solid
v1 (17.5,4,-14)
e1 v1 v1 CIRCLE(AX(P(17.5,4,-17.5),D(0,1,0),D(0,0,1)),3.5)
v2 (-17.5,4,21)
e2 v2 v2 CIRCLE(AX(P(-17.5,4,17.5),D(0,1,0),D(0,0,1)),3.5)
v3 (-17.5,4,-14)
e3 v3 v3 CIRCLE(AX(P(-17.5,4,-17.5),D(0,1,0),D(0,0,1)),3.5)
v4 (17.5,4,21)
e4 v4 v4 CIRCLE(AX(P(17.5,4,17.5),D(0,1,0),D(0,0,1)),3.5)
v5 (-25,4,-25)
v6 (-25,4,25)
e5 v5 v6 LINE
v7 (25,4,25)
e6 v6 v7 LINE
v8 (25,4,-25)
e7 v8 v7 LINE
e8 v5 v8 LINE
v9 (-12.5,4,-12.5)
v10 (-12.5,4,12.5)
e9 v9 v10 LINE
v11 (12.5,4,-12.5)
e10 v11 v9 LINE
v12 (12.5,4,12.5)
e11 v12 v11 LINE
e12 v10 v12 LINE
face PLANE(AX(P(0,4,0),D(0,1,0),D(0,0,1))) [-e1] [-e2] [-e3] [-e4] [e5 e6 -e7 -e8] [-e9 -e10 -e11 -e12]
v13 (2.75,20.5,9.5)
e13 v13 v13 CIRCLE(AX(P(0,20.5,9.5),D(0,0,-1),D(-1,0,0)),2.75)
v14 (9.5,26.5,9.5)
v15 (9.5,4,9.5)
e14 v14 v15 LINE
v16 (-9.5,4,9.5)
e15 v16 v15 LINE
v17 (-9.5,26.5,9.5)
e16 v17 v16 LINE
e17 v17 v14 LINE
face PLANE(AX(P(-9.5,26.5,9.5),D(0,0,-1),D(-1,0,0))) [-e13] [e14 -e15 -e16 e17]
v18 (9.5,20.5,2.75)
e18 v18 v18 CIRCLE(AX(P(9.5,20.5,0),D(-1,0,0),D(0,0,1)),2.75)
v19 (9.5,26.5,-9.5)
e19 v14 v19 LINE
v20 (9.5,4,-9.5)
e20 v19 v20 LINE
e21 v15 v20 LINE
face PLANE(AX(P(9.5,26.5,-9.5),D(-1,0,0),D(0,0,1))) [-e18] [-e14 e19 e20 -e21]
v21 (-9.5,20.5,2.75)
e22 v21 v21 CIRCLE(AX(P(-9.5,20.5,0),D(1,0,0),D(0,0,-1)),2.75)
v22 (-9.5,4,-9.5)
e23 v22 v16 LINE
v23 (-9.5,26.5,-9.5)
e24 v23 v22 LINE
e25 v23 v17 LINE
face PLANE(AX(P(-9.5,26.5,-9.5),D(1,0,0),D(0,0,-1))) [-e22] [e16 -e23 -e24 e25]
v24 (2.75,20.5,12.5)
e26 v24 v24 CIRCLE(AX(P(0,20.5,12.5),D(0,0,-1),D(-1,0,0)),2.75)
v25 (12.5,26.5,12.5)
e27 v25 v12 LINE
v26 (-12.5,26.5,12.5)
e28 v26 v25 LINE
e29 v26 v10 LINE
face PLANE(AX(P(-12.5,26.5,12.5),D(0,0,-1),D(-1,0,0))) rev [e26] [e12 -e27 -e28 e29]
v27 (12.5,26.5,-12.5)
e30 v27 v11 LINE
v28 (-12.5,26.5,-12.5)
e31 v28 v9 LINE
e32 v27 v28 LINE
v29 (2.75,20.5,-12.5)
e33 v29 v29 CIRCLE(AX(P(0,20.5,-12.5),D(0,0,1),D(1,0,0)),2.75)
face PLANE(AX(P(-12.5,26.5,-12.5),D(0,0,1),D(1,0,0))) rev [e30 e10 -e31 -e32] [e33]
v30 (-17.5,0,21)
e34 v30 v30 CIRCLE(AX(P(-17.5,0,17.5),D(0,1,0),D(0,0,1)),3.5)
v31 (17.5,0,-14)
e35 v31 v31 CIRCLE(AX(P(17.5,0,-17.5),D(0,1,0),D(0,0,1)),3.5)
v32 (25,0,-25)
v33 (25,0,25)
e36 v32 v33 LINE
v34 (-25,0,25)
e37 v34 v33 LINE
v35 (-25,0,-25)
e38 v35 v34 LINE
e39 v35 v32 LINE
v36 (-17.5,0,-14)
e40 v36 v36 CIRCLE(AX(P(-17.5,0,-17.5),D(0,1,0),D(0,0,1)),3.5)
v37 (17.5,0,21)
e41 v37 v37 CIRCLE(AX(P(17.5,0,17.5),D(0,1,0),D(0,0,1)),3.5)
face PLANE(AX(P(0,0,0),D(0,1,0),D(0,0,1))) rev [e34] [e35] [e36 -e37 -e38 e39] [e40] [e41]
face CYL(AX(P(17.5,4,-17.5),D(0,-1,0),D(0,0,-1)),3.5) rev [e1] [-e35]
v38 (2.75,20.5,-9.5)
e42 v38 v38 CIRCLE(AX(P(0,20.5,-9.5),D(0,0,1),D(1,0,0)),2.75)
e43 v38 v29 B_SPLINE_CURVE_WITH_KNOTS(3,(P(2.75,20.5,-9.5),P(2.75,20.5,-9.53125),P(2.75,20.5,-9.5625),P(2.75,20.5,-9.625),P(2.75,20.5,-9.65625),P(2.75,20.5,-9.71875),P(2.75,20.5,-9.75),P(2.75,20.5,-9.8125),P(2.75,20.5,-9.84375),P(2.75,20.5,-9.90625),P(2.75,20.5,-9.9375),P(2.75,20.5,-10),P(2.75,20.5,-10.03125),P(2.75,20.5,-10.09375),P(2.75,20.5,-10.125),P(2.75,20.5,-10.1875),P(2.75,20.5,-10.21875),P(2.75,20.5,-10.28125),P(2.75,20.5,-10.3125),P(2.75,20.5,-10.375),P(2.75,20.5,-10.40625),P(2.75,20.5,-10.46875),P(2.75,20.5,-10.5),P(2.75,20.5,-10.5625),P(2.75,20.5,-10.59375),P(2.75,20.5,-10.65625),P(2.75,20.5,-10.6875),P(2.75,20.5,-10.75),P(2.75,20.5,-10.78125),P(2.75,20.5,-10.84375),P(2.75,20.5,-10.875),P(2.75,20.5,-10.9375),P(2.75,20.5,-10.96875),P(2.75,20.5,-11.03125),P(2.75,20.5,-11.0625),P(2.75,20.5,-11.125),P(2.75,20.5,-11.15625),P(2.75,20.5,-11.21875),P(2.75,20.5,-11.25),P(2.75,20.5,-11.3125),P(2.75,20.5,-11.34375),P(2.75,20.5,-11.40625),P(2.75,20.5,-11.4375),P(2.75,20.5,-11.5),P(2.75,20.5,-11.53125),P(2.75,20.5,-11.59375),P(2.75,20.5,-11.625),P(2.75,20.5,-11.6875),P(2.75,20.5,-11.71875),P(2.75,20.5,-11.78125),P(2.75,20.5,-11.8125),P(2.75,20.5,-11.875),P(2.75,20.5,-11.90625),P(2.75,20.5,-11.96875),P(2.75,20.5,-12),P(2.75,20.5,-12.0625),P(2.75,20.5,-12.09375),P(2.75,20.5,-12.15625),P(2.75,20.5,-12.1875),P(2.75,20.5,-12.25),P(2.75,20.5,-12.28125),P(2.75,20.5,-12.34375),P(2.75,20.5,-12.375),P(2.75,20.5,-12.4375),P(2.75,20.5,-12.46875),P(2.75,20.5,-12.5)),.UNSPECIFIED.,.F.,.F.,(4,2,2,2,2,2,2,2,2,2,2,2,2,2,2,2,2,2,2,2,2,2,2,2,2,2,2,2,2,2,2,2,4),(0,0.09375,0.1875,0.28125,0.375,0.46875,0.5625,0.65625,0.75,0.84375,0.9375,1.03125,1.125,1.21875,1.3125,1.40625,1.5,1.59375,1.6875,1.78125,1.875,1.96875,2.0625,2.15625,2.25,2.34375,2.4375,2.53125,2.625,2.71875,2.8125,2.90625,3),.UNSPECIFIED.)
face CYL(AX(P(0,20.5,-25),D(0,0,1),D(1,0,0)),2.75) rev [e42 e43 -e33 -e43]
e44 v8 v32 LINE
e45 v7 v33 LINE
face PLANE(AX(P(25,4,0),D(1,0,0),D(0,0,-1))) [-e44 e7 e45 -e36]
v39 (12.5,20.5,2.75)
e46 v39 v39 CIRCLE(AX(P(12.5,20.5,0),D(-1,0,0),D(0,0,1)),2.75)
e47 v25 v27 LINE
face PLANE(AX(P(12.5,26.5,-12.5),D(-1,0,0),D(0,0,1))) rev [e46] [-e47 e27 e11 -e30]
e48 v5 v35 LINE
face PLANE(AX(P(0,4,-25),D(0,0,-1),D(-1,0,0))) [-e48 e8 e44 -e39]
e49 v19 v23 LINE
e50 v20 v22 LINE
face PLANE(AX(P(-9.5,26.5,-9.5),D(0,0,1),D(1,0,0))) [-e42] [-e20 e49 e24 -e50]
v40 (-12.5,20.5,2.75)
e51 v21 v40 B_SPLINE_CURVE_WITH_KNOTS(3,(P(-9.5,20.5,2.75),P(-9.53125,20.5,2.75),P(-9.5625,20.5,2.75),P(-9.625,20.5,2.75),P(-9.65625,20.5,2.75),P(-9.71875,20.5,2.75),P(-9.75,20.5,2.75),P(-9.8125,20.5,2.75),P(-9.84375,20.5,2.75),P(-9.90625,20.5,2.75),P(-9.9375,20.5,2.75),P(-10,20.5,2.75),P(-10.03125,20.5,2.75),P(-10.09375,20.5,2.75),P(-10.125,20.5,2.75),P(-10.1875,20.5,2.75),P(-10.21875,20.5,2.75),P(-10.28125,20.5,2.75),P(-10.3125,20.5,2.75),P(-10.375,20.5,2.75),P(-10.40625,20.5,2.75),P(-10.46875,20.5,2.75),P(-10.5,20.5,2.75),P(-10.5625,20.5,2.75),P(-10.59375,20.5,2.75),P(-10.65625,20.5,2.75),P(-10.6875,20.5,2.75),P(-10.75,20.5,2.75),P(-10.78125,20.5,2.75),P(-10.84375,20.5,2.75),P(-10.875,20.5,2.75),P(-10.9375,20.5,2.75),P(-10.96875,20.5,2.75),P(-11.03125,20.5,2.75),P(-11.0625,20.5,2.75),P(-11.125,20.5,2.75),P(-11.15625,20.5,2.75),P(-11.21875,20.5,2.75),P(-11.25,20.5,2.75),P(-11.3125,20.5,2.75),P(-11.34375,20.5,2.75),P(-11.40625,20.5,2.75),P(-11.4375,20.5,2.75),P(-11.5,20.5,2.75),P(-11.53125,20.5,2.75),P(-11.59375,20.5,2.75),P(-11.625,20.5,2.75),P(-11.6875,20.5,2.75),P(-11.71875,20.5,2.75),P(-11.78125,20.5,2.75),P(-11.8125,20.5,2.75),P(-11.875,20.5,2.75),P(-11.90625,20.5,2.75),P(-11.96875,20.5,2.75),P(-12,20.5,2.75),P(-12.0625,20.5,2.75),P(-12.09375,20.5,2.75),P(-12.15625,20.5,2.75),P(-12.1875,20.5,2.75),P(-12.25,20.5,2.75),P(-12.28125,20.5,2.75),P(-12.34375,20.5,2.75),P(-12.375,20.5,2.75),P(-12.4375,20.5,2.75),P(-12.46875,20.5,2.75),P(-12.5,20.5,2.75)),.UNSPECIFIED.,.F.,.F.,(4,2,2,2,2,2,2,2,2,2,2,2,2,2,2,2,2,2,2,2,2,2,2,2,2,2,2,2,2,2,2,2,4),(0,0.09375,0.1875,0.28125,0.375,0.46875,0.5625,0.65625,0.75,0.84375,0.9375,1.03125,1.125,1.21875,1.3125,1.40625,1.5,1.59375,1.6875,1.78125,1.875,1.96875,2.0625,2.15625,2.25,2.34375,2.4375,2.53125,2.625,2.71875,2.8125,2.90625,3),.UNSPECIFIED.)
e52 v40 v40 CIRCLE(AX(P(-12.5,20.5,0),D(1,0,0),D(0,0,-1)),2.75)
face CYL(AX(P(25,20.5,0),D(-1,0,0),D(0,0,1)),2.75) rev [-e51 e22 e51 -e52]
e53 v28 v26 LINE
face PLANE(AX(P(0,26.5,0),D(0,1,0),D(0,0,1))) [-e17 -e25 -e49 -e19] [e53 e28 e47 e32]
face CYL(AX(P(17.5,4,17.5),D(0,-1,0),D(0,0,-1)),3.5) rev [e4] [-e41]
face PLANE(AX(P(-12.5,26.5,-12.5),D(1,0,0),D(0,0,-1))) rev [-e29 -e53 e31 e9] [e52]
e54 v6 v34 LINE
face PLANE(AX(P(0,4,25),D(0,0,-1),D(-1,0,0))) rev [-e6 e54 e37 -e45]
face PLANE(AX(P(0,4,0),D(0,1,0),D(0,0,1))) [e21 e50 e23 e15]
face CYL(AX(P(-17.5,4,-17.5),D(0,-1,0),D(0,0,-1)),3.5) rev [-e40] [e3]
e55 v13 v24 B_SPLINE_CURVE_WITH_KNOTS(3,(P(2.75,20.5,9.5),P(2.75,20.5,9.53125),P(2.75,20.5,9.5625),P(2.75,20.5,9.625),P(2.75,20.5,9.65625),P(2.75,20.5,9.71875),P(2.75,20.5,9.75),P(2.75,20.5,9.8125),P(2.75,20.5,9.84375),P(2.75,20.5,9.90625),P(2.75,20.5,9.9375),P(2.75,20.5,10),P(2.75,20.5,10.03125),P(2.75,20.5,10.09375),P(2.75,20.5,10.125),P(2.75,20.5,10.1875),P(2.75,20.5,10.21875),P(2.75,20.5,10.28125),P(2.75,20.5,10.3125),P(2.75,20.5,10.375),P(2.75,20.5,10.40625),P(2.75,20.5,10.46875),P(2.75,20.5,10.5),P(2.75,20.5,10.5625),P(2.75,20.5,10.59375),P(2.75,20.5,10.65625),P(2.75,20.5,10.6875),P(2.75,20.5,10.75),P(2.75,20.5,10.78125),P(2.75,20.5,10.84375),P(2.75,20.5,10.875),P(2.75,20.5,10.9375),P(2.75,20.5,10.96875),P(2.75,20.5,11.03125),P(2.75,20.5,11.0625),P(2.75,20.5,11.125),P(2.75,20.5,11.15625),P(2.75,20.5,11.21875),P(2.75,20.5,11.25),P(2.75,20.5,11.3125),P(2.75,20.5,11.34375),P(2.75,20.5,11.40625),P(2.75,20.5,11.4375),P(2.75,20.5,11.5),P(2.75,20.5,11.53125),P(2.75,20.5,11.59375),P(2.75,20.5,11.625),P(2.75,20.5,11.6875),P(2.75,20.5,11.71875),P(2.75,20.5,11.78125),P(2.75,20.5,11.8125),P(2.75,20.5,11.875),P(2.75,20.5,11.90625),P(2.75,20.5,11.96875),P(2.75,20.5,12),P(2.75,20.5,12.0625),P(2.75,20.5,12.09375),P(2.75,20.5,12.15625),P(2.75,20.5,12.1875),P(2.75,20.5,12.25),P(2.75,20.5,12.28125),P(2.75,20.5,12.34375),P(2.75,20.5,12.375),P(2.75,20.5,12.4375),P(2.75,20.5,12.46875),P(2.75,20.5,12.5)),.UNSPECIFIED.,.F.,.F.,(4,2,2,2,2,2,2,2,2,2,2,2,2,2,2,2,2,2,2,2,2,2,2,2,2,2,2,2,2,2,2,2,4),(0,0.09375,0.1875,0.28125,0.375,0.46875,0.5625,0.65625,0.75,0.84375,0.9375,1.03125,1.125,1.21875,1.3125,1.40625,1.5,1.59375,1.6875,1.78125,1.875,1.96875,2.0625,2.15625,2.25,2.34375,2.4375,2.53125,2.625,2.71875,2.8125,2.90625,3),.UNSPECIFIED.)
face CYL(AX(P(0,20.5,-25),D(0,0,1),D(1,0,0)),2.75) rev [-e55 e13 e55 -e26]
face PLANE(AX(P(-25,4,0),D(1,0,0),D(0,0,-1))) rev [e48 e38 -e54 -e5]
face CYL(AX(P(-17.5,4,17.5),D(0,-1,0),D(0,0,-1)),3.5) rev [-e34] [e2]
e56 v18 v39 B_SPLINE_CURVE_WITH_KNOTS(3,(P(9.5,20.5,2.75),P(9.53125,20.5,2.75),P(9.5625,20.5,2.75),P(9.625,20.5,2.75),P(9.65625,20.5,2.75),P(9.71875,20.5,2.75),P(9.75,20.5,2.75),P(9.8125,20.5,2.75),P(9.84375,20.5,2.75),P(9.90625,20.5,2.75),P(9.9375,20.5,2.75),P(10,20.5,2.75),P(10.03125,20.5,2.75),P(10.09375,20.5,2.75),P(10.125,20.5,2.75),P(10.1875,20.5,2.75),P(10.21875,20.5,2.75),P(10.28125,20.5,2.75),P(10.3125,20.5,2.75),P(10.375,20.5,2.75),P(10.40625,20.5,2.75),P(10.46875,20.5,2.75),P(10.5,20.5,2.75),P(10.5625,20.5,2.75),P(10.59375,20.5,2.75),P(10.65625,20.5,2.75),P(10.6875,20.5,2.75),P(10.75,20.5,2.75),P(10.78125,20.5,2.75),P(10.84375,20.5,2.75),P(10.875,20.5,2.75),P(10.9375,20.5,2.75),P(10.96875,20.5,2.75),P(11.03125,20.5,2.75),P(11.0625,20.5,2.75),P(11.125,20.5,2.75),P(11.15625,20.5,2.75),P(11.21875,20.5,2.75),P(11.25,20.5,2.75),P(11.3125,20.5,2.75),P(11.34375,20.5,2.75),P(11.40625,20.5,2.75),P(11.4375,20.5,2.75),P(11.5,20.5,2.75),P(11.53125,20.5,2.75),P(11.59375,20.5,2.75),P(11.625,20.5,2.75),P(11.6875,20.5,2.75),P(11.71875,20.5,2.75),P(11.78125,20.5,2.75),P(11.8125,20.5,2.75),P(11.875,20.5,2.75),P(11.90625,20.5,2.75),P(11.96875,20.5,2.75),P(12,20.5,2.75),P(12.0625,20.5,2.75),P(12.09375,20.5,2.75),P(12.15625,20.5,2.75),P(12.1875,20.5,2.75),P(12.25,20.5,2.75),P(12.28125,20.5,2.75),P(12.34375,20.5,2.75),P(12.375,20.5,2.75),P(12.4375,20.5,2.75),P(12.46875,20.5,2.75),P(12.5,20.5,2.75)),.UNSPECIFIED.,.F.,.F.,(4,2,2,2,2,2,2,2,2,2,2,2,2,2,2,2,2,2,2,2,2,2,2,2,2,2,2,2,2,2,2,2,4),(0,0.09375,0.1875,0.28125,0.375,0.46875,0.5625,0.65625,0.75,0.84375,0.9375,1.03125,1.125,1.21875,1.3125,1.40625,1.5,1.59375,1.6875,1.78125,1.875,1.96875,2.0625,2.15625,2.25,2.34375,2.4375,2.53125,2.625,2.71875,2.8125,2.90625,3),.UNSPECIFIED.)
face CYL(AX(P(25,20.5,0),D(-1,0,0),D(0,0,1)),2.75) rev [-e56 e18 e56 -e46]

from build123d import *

# Parameters (mm, degrees)
SKETCH1_W               = 50
SKETCH1_H               = 50
SKETCH1_R               = 3.5
BOSS_EXTRUDE1_DEPTH     = 4
SKETCH2_W               = 25
SKETCH2_H               = 25
SKETCH2_W_2             = 19
SKETCH2_H_2             = 19
BOSS_EXTRUDE2_DEPTH     = 22.5
CUT_EXTRUDE1_DEPTH      = 53.282884389
CUT_EXTRUDE1_DEPTH_BACK = 53.282884389
SKETCH3_R               = 2.75
CUT_EXTRUDE2_DEPTH      = 53.282884389
CUT_EXTRUDE2_DEPTH_BACK = 53.282884389
SKETCH4_R               = 2.75


with BuildPart() as part:
    # Sketch1 → Boss-Extrude1 (new body)
    with BuildSketch(Plane(origin=(0, 0, 0), x_dir=(1, 0, 0), z_dir=(0, 1, 0))):
        Rectangle(SKETCH1_W, SKETCH1_H)
        with Locations(Location((-17.5, -17.5, 0), (0, 0, 270))):
            Circle(SKETCH1_R, mode=Mode.SUBTRACT)
        with Locations(Location((17.5, -17.5, 0), (0, 0, 270))):
            Circle(SKETCH1_R, mode=Mode.SUBTRACT)
        with Locations(Location((17.5, 17.5, 0), (0, 0, 270))):
            Circle(SKETCH1_R, mode=Mode.SUBTRACT)
        with Locations(Location((-17.5, 17.5, 0), (0, 0, 270))):
            Circle(SKETCH1_R, mode=Mode.SUBTRACT)
    extrude(amount=BOSS_EXTRUDE1_DEPTH)

    # Sketch2 → Boss-Extrude2 (add)
    with BuildSketch(Plane(origin=(0, 4, 0), x_dir=(1, 0, 0), z_dir=(0, 1, 0))):
        Rectangle(SKETCH2_W, SKETCH2_H)
        Rectangle(SKETCH2_W_2, SKETCH2_H_2, mode=Mode.SUBTRACT)
    extrude(amount=BOSS_EXTRUDE2_DEPTH)

    # Sketch3 → Cut-Extrude1 (cut, two sides: drawn at the far end of the back side and taken through both)
    with BuildSketch(Plane.ZY.offset(12.5).offset(-CUT_EXTRUDE1_DEPTH_BACK)):
        with Locations((0, 20.5)):
            Circle(SKETCH3_R)
    extrude(amount=CUT_EXTRUDE1_DEPTH + CUT_EXTRUDE1_DEPTH_BACK, mode=Mode.SUBTRACT)

    # Sketch4 → Cut-Extrude2 (cut, two sides: drawn at the far end of the back side and taken through both)
    with BuildSketch(Plane.XY.offset(12.5).offset(-CUT_EXTRUDE2_DEPTH_BACK)):
        with Locations((0, 20.5)):
            Circle(SKETCH4_R)
    extrude(amount=CUT_EXTRUDE2_DEPTH + CUT_EXTRUDE2_DEPTH_BACK, mode=Mode.SUBTRACT)


solid = part.part
